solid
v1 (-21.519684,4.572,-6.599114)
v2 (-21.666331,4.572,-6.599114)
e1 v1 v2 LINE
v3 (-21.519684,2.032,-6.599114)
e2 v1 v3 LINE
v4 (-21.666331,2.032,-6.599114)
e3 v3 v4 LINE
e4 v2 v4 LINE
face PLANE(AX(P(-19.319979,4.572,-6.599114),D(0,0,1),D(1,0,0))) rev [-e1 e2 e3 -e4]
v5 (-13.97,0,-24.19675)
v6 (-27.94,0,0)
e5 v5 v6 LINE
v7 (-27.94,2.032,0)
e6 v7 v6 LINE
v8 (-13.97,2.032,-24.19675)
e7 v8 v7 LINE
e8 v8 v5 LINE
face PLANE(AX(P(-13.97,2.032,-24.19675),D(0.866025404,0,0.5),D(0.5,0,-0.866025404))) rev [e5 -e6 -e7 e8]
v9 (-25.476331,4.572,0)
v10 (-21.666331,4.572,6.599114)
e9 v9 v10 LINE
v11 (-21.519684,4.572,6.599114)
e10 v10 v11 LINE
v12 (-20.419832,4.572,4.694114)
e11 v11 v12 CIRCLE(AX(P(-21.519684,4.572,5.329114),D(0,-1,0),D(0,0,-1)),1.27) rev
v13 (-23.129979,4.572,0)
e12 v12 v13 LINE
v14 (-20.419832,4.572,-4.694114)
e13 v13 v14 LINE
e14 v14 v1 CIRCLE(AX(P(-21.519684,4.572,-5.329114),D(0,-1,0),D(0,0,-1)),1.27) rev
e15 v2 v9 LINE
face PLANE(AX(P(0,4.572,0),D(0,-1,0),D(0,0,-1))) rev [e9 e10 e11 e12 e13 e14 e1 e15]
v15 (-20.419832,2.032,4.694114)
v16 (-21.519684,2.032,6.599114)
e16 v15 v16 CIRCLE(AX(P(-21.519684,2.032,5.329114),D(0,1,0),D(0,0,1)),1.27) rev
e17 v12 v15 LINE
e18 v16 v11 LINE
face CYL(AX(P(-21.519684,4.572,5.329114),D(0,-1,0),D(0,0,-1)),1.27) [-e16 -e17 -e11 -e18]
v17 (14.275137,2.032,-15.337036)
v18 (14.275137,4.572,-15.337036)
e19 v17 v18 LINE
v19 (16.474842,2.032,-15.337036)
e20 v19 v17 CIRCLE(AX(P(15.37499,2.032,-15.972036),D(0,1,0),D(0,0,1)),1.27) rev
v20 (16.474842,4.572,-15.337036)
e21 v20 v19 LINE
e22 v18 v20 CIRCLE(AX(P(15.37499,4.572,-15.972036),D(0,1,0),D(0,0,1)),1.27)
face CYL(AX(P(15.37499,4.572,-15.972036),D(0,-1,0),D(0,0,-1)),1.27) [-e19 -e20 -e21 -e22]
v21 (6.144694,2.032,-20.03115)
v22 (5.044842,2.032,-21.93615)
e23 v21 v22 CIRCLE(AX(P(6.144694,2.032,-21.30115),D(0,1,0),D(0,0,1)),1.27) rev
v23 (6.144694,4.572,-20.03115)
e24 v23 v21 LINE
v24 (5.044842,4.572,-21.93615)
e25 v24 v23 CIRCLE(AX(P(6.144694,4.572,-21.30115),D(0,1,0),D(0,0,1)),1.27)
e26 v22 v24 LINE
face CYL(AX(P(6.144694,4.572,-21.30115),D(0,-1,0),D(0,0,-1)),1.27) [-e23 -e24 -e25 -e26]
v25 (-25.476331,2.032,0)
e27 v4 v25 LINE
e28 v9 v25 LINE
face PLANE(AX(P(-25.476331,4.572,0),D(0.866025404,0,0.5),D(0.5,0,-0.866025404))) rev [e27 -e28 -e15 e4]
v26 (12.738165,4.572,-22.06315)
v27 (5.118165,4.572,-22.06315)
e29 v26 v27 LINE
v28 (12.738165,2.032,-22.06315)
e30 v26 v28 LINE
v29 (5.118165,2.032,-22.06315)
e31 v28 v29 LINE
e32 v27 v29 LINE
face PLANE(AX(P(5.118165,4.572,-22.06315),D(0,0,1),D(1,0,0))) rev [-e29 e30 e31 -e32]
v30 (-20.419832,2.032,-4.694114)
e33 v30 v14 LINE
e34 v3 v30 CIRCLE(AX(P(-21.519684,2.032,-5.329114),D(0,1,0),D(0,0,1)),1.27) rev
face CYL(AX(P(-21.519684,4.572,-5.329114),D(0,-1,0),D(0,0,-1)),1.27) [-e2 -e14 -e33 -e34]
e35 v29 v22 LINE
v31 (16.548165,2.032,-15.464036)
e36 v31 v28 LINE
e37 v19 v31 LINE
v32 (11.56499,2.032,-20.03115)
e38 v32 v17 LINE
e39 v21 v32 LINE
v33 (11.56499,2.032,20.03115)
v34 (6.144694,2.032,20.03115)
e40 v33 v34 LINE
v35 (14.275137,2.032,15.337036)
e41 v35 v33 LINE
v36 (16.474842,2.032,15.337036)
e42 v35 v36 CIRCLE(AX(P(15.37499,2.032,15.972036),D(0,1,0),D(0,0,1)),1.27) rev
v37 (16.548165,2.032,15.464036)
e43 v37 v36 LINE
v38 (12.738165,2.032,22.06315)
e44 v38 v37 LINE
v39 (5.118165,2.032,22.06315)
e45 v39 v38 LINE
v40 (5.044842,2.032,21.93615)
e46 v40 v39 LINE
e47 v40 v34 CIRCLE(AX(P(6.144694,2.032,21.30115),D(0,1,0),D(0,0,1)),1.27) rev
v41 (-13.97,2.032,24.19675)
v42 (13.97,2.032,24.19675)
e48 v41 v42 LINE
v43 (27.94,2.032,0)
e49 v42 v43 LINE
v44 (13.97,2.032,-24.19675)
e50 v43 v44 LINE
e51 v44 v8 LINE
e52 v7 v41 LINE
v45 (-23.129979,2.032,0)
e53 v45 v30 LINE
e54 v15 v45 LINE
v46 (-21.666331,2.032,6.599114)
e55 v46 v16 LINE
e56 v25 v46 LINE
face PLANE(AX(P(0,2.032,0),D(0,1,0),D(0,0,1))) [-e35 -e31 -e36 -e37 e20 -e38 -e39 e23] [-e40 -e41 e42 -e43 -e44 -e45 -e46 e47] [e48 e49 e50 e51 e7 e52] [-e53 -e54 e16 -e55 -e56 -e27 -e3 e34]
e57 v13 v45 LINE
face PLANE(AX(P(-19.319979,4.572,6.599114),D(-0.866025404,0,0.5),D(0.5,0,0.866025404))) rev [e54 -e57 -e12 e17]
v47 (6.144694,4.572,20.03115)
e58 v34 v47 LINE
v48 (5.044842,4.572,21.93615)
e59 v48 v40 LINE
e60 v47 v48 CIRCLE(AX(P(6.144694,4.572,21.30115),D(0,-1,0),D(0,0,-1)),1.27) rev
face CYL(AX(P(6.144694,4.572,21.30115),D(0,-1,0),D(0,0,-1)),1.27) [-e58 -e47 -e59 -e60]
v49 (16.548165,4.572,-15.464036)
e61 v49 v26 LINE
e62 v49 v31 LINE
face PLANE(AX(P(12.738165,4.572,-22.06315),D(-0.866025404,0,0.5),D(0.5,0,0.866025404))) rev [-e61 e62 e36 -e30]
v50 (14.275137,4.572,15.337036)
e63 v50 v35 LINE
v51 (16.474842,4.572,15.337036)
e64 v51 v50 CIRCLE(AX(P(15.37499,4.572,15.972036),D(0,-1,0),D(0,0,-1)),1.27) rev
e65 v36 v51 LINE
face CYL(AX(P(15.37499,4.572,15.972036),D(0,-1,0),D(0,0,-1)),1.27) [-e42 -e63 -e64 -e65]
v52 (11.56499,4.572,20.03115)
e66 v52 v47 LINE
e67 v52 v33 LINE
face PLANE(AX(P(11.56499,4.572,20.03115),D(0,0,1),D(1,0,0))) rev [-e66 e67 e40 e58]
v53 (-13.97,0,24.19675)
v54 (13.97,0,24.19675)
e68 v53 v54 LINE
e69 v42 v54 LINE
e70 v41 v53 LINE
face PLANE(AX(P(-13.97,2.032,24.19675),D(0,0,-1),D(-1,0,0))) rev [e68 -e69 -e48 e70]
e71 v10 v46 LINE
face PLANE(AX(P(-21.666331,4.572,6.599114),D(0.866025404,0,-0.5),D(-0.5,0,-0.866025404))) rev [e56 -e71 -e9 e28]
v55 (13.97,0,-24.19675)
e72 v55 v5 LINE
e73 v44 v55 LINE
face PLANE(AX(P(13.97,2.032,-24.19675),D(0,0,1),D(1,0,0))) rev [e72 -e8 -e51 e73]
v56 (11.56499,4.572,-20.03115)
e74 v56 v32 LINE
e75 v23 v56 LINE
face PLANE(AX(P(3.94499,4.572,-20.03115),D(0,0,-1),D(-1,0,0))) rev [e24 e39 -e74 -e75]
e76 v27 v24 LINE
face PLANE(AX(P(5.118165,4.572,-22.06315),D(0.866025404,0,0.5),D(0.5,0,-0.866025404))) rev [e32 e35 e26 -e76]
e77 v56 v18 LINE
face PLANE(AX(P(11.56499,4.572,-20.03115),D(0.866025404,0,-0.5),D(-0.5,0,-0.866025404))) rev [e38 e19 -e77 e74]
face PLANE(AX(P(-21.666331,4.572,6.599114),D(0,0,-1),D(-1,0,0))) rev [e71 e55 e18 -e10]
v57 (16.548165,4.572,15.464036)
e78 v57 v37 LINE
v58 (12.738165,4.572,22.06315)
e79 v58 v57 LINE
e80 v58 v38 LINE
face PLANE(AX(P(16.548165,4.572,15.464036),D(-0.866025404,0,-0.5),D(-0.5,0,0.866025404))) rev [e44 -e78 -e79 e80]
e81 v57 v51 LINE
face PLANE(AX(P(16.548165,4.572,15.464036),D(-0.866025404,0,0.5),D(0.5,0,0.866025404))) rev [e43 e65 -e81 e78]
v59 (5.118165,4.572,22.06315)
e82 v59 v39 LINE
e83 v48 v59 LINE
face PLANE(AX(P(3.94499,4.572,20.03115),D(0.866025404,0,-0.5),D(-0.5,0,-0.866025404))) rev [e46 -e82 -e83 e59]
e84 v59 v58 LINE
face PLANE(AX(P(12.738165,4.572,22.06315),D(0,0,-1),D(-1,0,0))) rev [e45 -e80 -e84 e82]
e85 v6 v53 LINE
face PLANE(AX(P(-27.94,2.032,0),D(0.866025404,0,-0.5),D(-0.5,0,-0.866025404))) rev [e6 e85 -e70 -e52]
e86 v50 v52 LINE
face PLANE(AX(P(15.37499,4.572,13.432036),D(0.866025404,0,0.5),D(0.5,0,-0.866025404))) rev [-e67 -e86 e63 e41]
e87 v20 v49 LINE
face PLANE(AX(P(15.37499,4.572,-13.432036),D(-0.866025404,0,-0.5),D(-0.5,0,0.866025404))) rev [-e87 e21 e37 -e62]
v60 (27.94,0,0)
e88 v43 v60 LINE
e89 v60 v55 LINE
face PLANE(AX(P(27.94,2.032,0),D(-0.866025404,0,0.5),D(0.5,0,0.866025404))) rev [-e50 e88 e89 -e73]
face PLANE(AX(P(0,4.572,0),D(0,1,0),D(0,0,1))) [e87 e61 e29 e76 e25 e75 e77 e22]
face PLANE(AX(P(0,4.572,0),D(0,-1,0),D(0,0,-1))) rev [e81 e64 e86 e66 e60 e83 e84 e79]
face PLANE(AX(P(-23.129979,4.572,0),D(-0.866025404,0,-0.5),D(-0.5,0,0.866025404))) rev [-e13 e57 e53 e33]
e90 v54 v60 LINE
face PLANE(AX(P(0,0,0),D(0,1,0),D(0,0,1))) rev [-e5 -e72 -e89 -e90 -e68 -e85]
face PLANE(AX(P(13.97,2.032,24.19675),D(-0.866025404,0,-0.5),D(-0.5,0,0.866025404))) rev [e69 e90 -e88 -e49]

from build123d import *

# Parameters (mm, degrees)
BOSS_EXTRUDE1_DEPTH = 2.032
BOSS_EXTRUDE2_DEPTH = 2.54
FILLET2_R           = 1.27


with BuildPart() as part:
    # Sketch1 → Boss-Extrude1 (new body)
    with BuildSketch(Plane(origin=(0, 0, 0), x_dir=(1, 0, 0), z_dir=(0, 1, 0))):
        Polygon((27.94, 0), (13.97, 24.196749782), (-13.97, 24.196749782), (-27.94, 0), (-13.97, -24.196749782), (13.97, -24.196749782), align=None)
    extrude(amount=BOSS_EXTRUDE1_DEPTH)

    # Sketch2 → Boss-Extrude2 (add)
    with BuildSketch(Plane(origin=(0, 2.032, 0), x_dir=(1, 0, 0), z_dir=(0, 1, 0))):
        Polygon((11.564989719, -20.031149782), (3.944989719, -20.031149782), (5.118165466, -22.063149782), (12.738165466, -22.063149782), (16.548165466, -15.464036205), (15.374989719, -13.432036205), align=None)
        Polygon((-23.129979437, 0), (-19.319979437, 6.599113577), (-21.666330931, 6.599113577), (-25.476330931, 0), (-21.666330931, -6.599113577), (-19.319979437, -6.599113577), align=None)
        Polygon((5.118165466, 22.063149782), (3.944989719, 20.031149782), (11.564989719, 20.031149782), (15.374989719, 13.432036205), (16.548165466, 15.464036205), (12.738165466, 22.063149782), align=None)
    extrude(amount=BOSS_EXTRUDE2_DEPTH)

    # Fillet2
    fillet2_edges = [part.edges().sort_by_distance(p)[0] for p in [
        (15.374989719, 3.302, -13.432036205),
        (3.944989719, 3.302, -20.031149782),
        (15.374989719, 3.302, 13.432036205),
        (3.944989719, 3.302, 20.031149782),
        (-19.319979437, 3.302, 6.599113577),
        (-19.319979437, 3.302, -6.599113577),
    ]]
    fillet(fillet2_edges, radius=FILLET2_R)


solid = part.part
